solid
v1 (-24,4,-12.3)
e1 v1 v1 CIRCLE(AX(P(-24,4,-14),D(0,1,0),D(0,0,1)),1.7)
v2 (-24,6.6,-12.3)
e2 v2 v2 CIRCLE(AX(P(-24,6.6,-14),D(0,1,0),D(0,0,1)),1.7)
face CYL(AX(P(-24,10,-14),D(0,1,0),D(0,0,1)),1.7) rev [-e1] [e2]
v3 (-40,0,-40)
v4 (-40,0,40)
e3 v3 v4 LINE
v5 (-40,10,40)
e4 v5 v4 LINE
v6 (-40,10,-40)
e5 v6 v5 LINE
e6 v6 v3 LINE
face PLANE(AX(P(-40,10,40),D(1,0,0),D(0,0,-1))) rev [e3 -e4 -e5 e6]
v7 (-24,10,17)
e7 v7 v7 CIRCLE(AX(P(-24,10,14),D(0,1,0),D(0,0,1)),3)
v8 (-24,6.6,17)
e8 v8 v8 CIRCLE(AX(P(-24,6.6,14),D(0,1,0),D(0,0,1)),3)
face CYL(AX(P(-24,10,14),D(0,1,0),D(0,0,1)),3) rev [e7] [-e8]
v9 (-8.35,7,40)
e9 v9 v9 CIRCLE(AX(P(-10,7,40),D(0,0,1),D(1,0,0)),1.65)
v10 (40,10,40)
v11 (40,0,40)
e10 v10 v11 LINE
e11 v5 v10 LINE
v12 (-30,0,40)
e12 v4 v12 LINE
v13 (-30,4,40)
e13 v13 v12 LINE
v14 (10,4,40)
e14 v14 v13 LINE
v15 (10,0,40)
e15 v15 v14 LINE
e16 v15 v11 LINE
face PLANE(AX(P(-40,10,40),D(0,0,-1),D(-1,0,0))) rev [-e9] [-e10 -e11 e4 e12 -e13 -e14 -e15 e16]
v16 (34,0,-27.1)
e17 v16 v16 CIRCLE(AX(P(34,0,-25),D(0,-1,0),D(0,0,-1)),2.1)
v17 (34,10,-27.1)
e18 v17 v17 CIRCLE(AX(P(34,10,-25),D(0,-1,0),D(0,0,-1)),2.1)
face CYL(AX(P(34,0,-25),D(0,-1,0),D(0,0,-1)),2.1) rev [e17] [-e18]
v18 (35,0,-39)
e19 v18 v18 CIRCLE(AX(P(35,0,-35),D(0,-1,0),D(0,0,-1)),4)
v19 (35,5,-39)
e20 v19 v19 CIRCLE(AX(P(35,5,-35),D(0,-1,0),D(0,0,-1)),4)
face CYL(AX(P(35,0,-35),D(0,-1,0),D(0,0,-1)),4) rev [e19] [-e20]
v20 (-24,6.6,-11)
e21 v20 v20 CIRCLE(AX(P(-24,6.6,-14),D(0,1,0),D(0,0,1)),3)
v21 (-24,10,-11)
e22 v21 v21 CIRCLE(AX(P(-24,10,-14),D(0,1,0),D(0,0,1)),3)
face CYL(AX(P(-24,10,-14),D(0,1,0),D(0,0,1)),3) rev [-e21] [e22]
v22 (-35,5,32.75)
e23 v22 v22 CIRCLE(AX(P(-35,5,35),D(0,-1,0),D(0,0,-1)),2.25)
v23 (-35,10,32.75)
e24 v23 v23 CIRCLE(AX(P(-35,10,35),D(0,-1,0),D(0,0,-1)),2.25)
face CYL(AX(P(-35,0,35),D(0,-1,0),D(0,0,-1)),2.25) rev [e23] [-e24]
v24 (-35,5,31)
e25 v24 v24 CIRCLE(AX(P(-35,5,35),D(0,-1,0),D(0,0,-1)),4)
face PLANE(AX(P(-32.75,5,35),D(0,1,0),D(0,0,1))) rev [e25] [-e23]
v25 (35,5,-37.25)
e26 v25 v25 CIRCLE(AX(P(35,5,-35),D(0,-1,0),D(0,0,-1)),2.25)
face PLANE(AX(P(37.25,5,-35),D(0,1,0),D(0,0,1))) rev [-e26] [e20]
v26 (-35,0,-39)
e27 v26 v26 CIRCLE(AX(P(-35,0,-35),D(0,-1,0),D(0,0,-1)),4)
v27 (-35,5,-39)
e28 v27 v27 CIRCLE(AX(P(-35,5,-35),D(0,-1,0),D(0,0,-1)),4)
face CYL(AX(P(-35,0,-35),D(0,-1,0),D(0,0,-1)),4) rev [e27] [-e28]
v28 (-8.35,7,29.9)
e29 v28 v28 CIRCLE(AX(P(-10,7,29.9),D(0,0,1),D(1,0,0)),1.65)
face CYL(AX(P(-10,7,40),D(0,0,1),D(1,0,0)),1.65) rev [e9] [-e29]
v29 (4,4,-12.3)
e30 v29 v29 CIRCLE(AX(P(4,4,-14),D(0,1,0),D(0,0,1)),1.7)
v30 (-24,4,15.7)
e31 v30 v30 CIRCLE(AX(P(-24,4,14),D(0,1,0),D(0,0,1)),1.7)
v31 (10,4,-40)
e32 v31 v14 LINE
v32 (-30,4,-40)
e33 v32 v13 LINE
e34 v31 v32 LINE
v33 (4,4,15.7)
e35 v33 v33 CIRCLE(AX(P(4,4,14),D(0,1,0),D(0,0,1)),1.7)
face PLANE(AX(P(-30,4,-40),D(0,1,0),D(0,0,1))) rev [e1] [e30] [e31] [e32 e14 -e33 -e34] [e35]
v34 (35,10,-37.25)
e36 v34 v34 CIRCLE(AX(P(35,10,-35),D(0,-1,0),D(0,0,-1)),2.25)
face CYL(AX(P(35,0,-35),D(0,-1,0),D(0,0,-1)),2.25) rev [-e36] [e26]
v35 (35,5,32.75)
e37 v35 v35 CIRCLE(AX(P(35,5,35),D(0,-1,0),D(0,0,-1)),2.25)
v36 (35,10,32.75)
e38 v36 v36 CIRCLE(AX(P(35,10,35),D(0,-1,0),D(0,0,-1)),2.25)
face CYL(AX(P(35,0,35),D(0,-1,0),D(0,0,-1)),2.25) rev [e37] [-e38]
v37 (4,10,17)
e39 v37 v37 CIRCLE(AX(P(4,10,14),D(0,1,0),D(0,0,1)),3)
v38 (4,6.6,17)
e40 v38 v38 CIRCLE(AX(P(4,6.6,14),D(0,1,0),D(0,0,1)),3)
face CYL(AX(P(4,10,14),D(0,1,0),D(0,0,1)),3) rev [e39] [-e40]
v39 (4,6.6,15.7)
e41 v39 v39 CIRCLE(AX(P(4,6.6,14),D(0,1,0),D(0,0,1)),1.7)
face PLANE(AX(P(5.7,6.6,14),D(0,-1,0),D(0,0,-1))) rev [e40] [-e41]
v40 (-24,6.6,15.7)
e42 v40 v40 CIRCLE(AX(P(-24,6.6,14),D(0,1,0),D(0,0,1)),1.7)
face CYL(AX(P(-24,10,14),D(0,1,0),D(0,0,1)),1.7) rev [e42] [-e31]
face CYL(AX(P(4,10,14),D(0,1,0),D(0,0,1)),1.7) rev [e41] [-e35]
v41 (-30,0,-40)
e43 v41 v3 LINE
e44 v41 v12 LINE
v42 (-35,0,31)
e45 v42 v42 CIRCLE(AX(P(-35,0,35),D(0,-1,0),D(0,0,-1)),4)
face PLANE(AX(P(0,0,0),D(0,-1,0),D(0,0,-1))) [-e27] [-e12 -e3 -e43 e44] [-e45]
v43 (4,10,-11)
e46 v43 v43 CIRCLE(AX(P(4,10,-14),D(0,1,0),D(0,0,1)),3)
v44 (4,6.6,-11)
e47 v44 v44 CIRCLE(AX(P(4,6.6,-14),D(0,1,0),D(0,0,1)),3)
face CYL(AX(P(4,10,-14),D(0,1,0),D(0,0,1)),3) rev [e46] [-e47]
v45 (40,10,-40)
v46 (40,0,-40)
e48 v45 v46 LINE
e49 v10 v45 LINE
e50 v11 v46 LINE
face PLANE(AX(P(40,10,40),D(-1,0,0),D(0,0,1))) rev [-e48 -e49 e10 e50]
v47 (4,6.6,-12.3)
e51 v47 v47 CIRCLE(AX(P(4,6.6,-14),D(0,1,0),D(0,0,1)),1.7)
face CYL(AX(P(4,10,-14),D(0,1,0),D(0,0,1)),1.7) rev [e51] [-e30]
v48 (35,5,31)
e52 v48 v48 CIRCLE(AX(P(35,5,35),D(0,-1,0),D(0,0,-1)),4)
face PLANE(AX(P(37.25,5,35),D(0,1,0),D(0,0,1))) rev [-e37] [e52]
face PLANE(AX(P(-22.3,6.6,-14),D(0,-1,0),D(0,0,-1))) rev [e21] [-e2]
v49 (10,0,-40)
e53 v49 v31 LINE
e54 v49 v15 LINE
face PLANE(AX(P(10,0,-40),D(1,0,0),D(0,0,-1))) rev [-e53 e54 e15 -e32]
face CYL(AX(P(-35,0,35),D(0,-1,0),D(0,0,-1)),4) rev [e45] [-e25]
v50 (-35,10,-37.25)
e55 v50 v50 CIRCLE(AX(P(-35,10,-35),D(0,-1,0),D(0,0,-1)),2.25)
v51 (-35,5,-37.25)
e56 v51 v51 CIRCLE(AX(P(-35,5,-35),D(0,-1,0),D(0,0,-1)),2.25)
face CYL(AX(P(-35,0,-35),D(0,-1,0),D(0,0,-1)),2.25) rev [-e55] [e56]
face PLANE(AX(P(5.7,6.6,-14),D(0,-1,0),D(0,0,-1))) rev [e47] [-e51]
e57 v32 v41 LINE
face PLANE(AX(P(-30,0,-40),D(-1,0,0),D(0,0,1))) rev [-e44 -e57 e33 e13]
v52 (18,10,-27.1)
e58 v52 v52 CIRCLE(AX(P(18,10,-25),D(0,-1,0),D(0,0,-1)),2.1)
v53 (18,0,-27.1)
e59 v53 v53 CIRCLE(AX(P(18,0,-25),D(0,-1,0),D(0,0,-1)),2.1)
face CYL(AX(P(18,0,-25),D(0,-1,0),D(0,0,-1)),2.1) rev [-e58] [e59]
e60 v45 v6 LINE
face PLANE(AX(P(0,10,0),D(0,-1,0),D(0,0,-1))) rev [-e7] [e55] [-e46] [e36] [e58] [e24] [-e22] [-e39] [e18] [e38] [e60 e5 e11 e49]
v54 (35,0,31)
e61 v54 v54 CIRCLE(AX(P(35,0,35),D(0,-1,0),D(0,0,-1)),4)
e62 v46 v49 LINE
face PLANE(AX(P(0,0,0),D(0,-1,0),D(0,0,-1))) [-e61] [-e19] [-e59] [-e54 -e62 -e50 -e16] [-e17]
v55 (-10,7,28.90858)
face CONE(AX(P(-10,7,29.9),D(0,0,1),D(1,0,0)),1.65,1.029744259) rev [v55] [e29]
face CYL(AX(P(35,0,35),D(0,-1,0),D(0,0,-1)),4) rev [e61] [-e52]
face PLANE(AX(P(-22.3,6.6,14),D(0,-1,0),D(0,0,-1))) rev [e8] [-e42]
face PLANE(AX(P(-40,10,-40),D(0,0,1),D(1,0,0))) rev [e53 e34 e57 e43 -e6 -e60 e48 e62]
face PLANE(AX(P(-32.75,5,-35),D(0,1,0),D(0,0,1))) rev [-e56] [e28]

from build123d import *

# Parameters (mm, degrees)
SKETCH_1_W                = 80
SKETCH_1_H                = 80
EXTRUDE_1_DEPTH           = 10
SKETCH_2_W                = 40
SKETCH_2_H                = 4
CUT_EXTRUDE_1_DEPTH       = 91
HOLE_WIZARD_1_D           = 3.4
HOLE_WIZARD_1_CBORE_D     = 6
HOLE_WIZARD_1_CBORE_DEPTH = 3.4
HOLE_WIZARD_M5_1_D        = 4.2
HOLE_WIZARD_2_D           = 4.5
HOLE_WIZARD_2_CBORE_D     = 8
HOLE_WIZARD_2_CBORE_DEPTH = 5
HOLE_WIZARD_M4_1_D        = 3.3
HOLE_WIZARD_M4_1_DEPTH    = 10.1
HOLE_WIZARD_M4_1_TIP      = 0.991420021


with BuildPart() as part:
    # 草图1 → 凸台-拉伸1 (new body)
    with BuildSketch(Plane(origin=(0, 0, 0), x_dir=(1, 0, 0), z_dir=(0, 1, 0))):
        Rectangle(SKETCH_1_W, SKETCH_1_H)
    extrude(amount=EXTRUDE_1_DEPTH)

    # 草图2 → 切除-拉伸1 (cut, through all)
    with BuildSketch(Plane.XY.offset(40)):
        with Locations((-10, 2)):
            Rectangle(SKETCH_2_W, SKETCH_2_H)
    extrude(amount=-CUT_EXTRUDE_1_DEPTH, mode=Mode.SUBTRACT)

    # 打孔尺寸根据内六角圆柱头螺钉的类型1 (through all)
    with Locations(Plane(origin=(0, 10, 0), x_dir=(1, 0, 0), z_dir=(0, 1, 0))):
        with Locations((-24, 14), (4, 14), (4, -14), (-24, -14)):
            CounterBoreHole(HOLE_WIZARD_1_D / 2, HOLE_WIZARD_1_CBORE_D / 2, HOLE_WIZARD_1_CBORE_DEPTH)

    # M5 螺纹孔1 (through all)
    with Locations(Plane(origin=(0, 0, 0), x_dir=(-1, 0, 0), z_dir=(0, -1, 0))):
        with Locations((-18, 25), (-34, 25)):
            Hole(HOLE_WIZARD_M5_1_D / 2)

    # 打孔尺寸根据内六角圆柱头螺钉的类型2 (through all)
    with Locations(Plane(origin=(0, 0, 0), x_dir=(-1, 0, 0), z_dir=(0, -1, 0))):
        with Locations((35, -35), (-35, -35), (-35, 35), (35, 35)):
            CounterBoreHole(HOLE_WIZARD_2_D / 2, HOLE_WIZARD_2_CBORE_D / 2, HOLE_WIZARD_2_CBORE_DEPTH)

    # M4 螺纹孔1
    with Locations(Plane.XY.offset(40)):
        with Locations((-10, 7)):
            Hole(HOLE_WIZARD_M4_1_D / 2, depth=HOLE_WIZARD_M4_1_DEPTH)
            with Locations((0, 0, -(HOLE_WIZARD_M4_1_DEPTH + HOLE_WIZARD_M4_1_TIP / 2))):  # 118° drill point
                Cone(0, HOLE_WIZARD_M4_1_D / 2, HOLE_WIZARD_M4_1_TIP, mode=Mode.SUBTRACT)


solid = part.part
